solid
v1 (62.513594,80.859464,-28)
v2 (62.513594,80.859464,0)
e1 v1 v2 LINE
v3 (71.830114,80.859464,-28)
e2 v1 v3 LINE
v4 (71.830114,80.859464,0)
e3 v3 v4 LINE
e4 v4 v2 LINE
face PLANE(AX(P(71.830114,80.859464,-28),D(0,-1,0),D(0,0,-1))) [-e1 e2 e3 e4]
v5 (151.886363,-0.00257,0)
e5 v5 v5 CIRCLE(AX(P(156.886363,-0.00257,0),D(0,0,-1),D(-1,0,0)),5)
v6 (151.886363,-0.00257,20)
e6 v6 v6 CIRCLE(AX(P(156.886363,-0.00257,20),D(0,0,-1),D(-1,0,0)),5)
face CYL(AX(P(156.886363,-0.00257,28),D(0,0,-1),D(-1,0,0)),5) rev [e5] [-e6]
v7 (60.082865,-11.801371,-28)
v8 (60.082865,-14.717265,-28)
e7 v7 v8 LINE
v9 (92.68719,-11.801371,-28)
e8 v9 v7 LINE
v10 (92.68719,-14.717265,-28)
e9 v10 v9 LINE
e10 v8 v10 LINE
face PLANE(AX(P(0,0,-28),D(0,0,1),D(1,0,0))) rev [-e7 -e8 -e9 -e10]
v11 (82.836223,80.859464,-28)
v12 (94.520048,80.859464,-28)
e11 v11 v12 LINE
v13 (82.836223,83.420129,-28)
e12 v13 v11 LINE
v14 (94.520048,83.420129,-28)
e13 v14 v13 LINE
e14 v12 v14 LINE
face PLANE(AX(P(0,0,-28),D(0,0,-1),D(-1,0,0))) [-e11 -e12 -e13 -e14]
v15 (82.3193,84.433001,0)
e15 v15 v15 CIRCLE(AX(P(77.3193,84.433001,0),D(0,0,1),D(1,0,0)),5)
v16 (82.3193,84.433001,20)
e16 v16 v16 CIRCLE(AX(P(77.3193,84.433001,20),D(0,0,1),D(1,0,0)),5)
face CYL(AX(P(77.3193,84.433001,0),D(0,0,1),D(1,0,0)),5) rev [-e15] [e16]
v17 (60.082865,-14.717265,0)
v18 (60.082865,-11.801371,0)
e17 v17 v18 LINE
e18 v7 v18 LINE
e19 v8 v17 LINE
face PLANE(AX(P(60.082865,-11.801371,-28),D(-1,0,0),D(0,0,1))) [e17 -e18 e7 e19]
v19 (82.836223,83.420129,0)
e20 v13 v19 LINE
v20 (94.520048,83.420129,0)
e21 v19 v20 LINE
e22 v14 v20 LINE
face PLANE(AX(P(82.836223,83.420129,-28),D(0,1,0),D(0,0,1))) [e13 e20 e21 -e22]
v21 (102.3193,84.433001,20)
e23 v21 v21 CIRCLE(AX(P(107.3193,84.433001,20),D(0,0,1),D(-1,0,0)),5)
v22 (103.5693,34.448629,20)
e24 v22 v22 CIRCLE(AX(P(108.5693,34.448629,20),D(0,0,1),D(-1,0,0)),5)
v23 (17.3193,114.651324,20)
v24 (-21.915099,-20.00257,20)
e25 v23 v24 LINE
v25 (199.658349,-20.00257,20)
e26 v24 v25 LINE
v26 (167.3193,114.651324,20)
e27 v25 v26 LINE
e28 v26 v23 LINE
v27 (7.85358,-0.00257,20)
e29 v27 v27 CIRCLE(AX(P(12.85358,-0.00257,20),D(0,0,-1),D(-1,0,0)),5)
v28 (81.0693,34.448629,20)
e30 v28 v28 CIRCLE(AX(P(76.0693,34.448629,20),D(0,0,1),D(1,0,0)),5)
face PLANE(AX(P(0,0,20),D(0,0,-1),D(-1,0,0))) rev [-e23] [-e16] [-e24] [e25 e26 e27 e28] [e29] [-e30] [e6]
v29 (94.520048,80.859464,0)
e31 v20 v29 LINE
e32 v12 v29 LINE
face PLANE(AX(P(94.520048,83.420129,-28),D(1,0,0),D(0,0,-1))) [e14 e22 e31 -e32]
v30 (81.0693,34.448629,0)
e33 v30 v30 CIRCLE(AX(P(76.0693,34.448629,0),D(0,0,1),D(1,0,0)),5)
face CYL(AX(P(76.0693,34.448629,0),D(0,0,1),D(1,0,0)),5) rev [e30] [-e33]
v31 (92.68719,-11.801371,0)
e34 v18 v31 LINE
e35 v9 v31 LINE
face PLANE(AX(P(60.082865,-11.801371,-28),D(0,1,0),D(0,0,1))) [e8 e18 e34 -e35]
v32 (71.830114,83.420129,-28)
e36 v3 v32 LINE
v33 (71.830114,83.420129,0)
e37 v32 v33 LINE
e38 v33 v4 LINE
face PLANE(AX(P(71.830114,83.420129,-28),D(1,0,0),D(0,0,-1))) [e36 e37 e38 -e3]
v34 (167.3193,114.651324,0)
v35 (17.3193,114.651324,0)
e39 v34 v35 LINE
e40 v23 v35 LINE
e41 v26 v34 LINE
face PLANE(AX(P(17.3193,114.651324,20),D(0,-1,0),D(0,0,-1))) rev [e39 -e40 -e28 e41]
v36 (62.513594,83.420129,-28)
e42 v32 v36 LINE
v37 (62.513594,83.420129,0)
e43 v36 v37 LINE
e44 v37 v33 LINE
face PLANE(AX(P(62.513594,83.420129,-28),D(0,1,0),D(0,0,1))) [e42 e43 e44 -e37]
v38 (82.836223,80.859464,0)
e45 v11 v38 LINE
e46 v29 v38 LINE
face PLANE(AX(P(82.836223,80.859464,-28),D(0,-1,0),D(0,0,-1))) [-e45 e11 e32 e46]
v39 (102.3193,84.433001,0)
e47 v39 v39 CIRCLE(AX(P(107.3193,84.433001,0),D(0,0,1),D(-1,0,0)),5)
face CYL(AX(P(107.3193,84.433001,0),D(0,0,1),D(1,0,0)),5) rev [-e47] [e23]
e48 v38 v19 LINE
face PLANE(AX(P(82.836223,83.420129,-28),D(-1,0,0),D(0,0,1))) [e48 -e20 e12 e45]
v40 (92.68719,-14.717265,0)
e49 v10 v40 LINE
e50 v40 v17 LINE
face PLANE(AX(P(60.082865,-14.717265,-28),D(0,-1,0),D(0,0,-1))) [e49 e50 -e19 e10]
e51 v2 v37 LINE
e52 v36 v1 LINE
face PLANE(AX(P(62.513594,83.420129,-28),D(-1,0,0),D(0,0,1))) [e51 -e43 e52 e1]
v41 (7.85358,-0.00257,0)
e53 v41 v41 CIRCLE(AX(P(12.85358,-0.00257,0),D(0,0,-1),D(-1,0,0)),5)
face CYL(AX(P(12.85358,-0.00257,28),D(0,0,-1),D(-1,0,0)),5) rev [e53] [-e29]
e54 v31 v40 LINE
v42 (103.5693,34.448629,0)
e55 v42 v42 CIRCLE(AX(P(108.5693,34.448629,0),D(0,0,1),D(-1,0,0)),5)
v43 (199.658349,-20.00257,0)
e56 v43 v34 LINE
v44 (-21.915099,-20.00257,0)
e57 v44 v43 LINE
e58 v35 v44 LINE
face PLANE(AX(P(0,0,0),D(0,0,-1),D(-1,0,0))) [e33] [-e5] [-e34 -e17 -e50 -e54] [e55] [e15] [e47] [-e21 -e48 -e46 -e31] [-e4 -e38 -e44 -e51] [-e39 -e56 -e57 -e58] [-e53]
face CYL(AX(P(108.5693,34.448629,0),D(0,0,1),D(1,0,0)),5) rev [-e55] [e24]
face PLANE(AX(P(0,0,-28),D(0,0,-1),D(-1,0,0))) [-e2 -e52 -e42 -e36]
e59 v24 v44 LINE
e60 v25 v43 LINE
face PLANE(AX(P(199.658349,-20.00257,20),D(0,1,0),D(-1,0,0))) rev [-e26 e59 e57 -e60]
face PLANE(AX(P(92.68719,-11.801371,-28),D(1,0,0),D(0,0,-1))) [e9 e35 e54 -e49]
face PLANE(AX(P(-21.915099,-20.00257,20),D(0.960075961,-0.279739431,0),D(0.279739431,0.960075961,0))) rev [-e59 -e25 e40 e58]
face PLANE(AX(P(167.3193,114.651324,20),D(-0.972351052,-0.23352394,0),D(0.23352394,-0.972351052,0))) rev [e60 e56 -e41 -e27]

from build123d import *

# Parameters (mm, degrees)
EXTRUDE_1_DEPTH     = 20
SKETCH_2_R          = 5
CUT_EXTRUDE_1_DEPTH = 232.102536476
SKETCH_3_W          = 32.604324085
SKETCH_3_H          = 2.91589364
SKETCH_3_W_2        = 9.316519648
SKETCH_3_H_2        = 2.560664992
SKETCH_3_W_3        = 11.683825265
EXTRUDE_2_DEPTH     = 48
SKETCH_5_R          = 5
CUT_EXTRUDE_2_DEPTH = 28


with BuildPart() as part:
    # 草图1 → 凸台-拉伸1 (new body)
    with BuildSketch(Plane.XY):
        Polygon((17.319300214, 114.65132411), (167.319300214, 114.65132411), (199.6583488, -20.002569933), (-21.915099237, -20.002569933), align=None)
    extrude(amount=EXTRUDE_1_DEPTH)

    # 草图2 → 切除-拉伸1 (cut, through all)
    with BuildSketch(Plane.XY.offset(20)):
        with Locations((77.319300214, 84.433001075)):
            Circle(SKETCH_2_R)
        with Locations((76.069300214, 34.448628517)):
            Circle(SKETCH_2_R)
        with Locations(Location((108.569300214, 34.448628517, 0), (0, 0, 180))):
            Circle(SKETCH_2_R)
        with Locations(Location((107.319300214, 84.433001075, 0), (0, 0, 180))):
            Circle(SKETCH_2_R)
    extrude(amount=-CUT_EXTRUDE_1_DEPTH, mode=Mode.SUBTRACT)

    # 草图3 → 凸台-拉伸2 (add)
    with BuildSketch(Plane.XY.offset(20)):
        with Locations((76.385027523, -13.259318303)):
            Rectangle(SKETCH_3_W, SKETCH_3_H)
        with Locations((67.171853972, 82.139796752)):
            Rectangle(SKETCH_3_W_2, SKETCH_3_H_2)
        with Locations((88.67813561, 82.139796752)):
            Rectangle(SKETCH_3_W_3, SKETCH_3_H_2)
    extrude(amount=-EXTRUDE_2_DEPTH)

    # 草图5 → 切除-拉伸2 (cut)
    with BuildSketch(Plane(origin=(0, 0, 0), x_dir=(-1, 0, 0), z_dir=(0, 0, -1))):
        with Locations((-156.886362857, -0.002569933)):
            Circle(SKETCH_5_R)
        with Locations((-12.853580473, -0.002569933)):
            Circle(SKETCH_5_R)
    extrude(amount=-CUT_EXTRUDE_2_DEPTH, mode=Mode.SUBTRACT)


solid = part.part
